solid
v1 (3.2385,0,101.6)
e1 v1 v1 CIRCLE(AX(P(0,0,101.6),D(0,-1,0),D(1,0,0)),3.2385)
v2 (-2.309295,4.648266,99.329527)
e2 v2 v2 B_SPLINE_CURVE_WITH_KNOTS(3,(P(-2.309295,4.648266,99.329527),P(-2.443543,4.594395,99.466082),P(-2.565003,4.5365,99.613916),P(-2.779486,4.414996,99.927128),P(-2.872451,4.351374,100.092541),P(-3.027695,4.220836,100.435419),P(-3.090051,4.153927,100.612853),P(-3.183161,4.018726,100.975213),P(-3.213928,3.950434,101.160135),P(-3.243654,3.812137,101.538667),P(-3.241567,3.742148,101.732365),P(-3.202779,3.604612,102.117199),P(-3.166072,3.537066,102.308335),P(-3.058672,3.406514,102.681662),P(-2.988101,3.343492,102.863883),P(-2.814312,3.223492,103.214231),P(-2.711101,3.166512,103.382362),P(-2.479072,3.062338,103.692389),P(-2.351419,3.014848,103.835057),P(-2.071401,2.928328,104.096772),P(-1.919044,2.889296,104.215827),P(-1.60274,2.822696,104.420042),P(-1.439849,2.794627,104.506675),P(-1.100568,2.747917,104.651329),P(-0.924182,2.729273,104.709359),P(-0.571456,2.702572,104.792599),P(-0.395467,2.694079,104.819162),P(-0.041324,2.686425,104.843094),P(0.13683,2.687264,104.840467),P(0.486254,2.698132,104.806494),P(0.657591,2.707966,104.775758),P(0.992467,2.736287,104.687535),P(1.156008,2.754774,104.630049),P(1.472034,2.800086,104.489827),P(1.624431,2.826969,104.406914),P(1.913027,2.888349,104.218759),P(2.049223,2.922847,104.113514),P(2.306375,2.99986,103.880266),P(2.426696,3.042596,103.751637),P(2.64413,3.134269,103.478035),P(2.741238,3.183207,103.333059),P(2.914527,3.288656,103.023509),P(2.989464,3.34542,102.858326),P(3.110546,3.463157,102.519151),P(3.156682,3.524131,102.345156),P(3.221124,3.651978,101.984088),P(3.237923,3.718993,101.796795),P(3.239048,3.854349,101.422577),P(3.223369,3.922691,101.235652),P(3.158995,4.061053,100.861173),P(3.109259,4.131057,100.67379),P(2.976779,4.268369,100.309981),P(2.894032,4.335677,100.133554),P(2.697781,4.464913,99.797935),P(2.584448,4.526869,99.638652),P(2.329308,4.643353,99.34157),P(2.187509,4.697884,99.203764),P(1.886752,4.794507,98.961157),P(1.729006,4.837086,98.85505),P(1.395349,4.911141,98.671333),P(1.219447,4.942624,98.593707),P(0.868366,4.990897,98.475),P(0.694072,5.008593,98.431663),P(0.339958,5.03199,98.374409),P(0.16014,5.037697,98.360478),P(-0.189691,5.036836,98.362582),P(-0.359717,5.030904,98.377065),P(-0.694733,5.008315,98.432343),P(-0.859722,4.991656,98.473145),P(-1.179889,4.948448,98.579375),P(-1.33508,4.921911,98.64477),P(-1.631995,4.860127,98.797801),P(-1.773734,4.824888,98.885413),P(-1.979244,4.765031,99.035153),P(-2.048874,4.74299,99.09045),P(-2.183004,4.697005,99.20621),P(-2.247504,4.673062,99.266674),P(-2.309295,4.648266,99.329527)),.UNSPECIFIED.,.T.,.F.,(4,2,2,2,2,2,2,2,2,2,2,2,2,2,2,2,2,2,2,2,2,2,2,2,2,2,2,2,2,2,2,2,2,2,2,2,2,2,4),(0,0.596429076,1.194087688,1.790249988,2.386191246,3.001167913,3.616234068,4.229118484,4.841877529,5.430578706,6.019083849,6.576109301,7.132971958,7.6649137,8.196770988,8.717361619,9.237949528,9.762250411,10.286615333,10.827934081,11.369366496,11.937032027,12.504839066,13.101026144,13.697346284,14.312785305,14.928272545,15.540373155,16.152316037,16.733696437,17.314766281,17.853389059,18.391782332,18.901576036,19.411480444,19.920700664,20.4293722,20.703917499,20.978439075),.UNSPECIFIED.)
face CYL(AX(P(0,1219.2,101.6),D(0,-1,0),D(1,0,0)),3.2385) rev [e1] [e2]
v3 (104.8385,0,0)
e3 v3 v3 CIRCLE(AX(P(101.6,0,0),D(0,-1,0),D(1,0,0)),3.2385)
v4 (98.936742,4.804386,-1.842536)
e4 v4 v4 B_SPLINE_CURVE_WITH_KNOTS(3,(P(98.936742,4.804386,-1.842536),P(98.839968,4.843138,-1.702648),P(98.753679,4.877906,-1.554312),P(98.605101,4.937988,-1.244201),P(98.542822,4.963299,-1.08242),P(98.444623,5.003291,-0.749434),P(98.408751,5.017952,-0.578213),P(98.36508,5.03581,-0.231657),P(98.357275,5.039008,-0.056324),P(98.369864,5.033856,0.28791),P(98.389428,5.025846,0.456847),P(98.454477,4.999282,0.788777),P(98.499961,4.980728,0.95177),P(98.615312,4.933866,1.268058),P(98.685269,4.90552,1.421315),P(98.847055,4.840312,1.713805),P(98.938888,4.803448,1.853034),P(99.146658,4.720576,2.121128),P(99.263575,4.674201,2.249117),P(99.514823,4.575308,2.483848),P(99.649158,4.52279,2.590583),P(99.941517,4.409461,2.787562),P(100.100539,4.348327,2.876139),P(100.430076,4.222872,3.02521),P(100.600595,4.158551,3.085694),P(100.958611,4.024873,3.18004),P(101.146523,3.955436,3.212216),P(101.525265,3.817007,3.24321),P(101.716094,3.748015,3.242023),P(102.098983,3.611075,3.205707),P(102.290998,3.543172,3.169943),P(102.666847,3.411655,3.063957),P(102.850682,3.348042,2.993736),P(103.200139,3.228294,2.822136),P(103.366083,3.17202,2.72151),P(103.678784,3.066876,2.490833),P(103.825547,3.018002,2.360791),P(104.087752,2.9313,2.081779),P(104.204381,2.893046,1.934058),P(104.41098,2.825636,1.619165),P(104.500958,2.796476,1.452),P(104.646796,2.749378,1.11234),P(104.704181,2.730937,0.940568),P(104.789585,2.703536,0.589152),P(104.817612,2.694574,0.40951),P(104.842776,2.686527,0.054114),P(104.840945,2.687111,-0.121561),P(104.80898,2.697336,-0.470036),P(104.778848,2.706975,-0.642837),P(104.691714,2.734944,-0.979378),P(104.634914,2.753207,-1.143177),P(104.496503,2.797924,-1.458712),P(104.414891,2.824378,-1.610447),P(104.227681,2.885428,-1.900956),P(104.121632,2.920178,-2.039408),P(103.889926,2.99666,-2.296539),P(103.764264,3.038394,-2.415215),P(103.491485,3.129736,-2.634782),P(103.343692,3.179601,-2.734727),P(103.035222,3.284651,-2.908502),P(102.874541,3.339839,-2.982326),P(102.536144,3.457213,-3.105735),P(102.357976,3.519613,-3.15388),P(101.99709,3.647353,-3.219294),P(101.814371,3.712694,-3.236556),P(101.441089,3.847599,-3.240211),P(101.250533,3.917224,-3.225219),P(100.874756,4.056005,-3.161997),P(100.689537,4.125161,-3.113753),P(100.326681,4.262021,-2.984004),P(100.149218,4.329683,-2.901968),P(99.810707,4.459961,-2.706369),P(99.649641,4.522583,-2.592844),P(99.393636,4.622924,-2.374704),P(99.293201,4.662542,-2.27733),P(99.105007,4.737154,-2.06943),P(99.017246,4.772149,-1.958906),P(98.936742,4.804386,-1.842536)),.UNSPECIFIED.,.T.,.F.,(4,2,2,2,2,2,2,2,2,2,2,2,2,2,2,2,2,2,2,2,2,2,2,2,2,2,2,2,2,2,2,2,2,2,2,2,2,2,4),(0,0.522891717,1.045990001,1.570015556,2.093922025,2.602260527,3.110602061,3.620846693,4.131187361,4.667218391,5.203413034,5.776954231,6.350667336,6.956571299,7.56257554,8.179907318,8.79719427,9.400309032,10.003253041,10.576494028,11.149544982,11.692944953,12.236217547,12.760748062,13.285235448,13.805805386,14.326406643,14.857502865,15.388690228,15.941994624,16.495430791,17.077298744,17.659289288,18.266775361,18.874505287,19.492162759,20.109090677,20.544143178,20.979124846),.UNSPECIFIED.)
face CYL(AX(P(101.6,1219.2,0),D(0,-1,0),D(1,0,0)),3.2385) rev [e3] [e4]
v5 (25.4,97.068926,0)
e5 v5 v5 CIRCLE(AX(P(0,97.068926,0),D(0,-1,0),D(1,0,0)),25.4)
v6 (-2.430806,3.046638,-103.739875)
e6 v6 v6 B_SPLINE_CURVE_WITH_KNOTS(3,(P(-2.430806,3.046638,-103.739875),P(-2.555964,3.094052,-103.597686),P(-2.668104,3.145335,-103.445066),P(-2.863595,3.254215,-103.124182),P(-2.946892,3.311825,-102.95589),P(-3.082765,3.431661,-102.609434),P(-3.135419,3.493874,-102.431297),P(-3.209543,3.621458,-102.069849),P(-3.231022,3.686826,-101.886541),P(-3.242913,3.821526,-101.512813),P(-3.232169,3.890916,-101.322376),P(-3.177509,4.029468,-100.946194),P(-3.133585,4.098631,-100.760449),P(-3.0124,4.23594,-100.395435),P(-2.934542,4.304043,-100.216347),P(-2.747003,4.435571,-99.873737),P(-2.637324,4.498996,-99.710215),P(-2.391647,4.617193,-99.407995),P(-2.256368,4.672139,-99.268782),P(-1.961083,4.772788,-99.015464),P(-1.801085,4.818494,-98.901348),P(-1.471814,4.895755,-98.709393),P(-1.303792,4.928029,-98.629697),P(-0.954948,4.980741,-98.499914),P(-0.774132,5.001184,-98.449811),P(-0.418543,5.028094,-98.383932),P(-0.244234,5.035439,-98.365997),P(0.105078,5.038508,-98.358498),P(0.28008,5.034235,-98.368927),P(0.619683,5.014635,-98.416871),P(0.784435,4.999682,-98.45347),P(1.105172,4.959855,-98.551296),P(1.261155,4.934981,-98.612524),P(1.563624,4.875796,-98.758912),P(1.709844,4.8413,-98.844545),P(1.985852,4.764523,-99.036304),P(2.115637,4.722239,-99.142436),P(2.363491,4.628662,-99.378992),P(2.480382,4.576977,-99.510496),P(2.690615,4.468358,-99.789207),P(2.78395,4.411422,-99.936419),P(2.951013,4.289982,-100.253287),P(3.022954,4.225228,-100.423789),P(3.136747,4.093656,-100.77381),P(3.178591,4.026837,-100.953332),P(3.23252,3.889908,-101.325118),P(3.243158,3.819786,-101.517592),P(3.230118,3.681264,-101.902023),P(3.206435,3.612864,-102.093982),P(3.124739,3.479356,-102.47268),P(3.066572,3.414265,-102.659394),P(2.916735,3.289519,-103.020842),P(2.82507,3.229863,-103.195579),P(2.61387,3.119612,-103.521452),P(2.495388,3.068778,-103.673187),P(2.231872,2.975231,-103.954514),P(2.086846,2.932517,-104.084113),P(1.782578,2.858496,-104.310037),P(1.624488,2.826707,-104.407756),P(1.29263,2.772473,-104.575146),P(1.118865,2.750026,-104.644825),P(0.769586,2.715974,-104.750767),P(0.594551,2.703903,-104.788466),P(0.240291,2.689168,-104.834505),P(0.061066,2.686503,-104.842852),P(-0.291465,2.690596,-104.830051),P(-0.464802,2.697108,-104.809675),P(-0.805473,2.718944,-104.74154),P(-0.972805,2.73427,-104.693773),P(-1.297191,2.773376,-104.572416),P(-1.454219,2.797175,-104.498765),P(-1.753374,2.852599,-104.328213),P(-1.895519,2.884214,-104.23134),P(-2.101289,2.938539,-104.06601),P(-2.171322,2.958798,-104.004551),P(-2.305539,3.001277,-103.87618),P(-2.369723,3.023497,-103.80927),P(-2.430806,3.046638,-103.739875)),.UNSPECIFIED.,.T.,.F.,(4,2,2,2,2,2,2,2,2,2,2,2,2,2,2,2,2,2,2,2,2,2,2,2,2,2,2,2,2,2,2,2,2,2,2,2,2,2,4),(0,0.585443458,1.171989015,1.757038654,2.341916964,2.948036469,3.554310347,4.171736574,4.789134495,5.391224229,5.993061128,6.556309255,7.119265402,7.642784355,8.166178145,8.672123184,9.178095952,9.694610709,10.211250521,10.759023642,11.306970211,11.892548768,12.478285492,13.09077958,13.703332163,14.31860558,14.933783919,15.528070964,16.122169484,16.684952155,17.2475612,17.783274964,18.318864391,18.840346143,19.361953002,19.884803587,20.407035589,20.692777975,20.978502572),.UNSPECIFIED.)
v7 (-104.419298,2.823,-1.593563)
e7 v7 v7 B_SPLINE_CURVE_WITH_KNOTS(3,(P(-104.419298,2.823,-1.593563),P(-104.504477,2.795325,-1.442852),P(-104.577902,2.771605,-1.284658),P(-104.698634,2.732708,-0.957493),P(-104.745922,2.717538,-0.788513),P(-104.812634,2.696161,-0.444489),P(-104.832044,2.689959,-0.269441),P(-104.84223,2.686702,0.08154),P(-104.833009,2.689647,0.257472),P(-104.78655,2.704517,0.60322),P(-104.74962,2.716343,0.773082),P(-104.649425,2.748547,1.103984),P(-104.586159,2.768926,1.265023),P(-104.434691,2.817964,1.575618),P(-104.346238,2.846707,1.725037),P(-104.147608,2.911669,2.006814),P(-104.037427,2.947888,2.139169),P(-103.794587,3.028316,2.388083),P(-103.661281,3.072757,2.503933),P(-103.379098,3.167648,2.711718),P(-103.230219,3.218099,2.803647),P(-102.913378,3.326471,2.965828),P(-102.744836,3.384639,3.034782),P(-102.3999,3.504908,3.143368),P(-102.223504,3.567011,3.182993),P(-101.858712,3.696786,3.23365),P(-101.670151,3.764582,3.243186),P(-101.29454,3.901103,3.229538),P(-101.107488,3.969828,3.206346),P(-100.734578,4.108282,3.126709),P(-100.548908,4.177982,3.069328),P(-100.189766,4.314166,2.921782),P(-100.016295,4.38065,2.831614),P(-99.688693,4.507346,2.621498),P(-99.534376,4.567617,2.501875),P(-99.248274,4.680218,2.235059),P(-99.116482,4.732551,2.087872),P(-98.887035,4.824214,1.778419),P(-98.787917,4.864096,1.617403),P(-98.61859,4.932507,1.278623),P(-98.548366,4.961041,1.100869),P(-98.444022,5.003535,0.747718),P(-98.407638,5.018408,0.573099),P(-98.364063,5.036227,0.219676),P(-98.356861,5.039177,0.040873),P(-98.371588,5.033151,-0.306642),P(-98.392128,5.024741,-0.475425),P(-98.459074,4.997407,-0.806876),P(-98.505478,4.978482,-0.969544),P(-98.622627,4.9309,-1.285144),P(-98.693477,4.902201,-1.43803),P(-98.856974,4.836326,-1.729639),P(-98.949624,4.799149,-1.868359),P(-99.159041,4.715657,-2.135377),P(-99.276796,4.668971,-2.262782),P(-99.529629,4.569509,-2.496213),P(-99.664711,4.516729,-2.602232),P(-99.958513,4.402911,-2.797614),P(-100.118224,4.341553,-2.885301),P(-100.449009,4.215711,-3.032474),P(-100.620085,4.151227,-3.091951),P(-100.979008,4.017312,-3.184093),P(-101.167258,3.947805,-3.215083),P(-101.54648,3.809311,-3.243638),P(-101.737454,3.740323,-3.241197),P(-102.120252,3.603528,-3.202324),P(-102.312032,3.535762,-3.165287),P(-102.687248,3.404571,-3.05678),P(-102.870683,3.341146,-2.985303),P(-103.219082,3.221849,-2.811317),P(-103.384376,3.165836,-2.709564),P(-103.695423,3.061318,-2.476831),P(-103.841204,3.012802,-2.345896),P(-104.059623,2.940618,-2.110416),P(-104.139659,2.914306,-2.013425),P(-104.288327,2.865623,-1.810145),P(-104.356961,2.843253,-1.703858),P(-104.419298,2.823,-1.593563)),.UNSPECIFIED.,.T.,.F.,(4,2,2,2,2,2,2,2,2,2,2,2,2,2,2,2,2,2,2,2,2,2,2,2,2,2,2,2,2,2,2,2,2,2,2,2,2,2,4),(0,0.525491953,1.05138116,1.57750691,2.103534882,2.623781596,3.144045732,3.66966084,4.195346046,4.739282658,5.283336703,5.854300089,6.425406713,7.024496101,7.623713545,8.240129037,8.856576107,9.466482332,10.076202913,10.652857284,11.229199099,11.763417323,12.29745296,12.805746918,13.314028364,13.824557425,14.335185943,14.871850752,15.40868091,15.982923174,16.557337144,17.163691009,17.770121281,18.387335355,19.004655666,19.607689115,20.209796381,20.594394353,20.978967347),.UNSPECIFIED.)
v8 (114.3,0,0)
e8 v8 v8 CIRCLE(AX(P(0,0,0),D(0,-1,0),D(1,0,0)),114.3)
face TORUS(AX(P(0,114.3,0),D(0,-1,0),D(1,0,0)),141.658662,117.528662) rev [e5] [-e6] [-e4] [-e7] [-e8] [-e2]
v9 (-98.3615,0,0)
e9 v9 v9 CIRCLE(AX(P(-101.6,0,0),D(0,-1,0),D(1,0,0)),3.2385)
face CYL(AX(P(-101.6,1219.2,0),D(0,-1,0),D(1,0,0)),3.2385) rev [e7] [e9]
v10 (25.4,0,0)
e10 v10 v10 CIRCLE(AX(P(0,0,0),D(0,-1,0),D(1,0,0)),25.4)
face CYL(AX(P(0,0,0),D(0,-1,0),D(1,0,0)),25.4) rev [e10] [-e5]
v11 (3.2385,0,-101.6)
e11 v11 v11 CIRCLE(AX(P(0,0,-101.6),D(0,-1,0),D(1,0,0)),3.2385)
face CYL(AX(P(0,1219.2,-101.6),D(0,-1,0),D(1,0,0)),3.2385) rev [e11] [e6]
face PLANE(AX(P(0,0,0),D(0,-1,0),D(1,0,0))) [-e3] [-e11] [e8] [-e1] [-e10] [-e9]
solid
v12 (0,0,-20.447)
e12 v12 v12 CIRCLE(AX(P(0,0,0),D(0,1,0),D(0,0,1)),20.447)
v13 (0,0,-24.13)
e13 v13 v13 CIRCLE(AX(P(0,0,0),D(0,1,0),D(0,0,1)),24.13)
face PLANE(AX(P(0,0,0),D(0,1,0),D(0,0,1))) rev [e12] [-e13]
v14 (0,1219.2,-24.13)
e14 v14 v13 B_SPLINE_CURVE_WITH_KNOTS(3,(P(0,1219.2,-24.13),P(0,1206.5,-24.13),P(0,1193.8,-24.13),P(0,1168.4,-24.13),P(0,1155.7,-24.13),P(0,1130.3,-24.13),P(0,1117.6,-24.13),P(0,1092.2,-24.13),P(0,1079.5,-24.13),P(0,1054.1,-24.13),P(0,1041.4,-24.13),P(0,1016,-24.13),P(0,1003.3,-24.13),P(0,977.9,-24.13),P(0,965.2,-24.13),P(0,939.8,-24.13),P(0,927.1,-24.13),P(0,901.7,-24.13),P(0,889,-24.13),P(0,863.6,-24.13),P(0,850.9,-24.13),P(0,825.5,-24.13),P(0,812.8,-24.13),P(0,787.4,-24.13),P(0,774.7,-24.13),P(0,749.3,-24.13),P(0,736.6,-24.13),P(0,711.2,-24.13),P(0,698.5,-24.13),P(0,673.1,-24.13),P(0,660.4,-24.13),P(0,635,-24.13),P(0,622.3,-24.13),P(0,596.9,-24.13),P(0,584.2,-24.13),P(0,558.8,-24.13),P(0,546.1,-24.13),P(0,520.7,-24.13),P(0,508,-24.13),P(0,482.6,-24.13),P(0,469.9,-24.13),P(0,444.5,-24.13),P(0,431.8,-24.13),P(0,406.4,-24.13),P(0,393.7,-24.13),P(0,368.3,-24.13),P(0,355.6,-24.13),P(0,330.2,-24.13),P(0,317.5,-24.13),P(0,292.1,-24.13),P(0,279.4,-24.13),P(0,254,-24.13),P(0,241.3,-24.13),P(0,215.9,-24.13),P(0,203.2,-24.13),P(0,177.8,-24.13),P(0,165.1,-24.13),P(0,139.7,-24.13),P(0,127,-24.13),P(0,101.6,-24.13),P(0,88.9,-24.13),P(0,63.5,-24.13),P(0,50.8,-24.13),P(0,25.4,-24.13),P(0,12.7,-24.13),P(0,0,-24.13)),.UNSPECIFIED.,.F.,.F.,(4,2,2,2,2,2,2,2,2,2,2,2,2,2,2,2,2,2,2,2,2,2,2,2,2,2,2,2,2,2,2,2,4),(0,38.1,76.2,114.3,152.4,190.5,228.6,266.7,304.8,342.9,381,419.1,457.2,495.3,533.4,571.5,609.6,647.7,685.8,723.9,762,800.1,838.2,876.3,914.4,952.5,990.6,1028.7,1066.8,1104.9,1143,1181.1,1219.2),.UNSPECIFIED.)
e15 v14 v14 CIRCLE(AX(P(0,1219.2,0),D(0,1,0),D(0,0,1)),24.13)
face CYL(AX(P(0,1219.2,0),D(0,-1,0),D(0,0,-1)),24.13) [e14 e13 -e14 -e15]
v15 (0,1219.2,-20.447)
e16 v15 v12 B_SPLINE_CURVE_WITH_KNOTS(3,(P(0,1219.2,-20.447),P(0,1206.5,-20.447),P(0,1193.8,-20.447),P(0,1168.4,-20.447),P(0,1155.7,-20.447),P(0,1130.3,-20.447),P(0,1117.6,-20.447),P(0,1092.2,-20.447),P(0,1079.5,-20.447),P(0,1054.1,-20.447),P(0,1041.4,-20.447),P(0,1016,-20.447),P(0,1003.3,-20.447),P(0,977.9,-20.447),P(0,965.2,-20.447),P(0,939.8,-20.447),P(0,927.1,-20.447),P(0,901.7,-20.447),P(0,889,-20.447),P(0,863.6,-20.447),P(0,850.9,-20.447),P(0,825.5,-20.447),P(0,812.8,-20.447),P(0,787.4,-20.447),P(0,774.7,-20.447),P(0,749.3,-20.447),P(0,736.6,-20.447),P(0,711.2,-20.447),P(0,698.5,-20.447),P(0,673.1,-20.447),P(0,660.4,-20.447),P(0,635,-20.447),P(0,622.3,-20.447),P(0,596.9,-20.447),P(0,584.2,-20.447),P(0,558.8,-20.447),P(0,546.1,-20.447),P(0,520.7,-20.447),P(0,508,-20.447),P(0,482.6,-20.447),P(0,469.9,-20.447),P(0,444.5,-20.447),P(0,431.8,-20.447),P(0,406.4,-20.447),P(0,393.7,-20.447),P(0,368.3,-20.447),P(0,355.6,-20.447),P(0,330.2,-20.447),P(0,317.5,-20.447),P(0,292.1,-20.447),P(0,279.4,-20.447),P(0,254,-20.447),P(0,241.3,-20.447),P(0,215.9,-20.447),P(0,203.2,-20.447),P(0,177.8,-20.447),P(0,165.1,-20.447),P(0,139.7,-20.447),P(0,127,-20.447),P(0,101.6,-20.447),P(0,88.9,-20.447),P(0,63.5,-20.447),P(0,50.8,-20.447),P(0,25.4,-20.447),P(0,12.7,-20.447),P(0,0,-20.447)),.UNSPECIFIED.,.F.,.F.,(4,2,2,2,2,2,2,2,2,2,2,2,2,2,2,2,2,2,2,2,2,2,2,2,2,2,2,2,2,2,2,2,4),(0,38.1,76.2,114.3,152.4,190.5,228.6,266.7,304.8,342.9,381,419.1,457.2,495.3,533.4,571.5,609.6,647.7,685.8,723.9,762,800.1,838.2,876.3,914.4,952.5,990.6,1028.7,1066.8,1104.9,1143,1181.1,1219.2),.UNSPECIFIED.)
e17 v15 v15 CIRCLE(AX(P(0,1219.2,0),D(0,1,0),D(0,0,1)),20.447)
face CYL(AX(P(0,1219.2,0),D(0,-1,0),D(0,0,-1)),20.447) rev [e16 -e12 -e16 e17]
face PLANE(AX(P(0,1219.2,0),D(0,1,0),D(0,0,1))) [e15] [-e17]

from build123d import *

# Parameters (mm, degrees)
SKETCH1_R           = 24.13
SKETCH1_R_2         = 20.447
BOSS_EXTRUDE1_DEPTH = 1219.2
SKETCH3_R           = 3.2385
CUT_EXTRUDE1_DEPTH  = 1219.2


with BuildPart() as part:
    # Sketch1 → Boss-Extrude1 (new body)
    with BuildSketch(Plane(origin=(0, 0, 0), x_dir=(1, 0, 0), z_dir=(0, 1, 0))):
        with Locations(Location((0, 0, 0), (0, 0, 90))):
            Circle(SKETCH1_R)
        with Locations(Location((0, 0, 0), (0, 0, 90))):
            Circle(SKETCH1_R_2, mode=Mode.SUBTRACT)
    extrude(amount=BOSS_EXTRUDE1_DEPTH)


with BuildPart() as body_2:
    # Sketch2 → Revolve2 (revolve)
    with BuildSketch(Plane.XY):
        with BuildLine():
            Line((25.4, 97.068926284), (25.4, 0))
            Line((25.4, 0), (114.3, 0))
            ThreePointArc((114.3, 0), (54.98641701, 34.921738881), (25.4, 97.068926284))
        make_face()
    revolve(axis=Axis((0, 0, 0), (0, 1, 0)))

    # Sketch3 → Cut-Extrude1 (cut)
    with BuildSketch(Plane.XZ):
        with Locations((0, 101.6)):
            Circle(SKETCH3_R)
        with Locations((101.6, 0)):
            Circle(SKETCH3_R)
        with Locations((0, -101.6)):
            Circle(SKETCH3_R)
        with Locations((-101.6, 0)):
            Circle(SKETCH3_R)
    extrude(amount=-CUT_EXTRUDE1_DEPTH, mode=Mode.SUBTRACT)


solid = Compound([part.part, body_2.part])
